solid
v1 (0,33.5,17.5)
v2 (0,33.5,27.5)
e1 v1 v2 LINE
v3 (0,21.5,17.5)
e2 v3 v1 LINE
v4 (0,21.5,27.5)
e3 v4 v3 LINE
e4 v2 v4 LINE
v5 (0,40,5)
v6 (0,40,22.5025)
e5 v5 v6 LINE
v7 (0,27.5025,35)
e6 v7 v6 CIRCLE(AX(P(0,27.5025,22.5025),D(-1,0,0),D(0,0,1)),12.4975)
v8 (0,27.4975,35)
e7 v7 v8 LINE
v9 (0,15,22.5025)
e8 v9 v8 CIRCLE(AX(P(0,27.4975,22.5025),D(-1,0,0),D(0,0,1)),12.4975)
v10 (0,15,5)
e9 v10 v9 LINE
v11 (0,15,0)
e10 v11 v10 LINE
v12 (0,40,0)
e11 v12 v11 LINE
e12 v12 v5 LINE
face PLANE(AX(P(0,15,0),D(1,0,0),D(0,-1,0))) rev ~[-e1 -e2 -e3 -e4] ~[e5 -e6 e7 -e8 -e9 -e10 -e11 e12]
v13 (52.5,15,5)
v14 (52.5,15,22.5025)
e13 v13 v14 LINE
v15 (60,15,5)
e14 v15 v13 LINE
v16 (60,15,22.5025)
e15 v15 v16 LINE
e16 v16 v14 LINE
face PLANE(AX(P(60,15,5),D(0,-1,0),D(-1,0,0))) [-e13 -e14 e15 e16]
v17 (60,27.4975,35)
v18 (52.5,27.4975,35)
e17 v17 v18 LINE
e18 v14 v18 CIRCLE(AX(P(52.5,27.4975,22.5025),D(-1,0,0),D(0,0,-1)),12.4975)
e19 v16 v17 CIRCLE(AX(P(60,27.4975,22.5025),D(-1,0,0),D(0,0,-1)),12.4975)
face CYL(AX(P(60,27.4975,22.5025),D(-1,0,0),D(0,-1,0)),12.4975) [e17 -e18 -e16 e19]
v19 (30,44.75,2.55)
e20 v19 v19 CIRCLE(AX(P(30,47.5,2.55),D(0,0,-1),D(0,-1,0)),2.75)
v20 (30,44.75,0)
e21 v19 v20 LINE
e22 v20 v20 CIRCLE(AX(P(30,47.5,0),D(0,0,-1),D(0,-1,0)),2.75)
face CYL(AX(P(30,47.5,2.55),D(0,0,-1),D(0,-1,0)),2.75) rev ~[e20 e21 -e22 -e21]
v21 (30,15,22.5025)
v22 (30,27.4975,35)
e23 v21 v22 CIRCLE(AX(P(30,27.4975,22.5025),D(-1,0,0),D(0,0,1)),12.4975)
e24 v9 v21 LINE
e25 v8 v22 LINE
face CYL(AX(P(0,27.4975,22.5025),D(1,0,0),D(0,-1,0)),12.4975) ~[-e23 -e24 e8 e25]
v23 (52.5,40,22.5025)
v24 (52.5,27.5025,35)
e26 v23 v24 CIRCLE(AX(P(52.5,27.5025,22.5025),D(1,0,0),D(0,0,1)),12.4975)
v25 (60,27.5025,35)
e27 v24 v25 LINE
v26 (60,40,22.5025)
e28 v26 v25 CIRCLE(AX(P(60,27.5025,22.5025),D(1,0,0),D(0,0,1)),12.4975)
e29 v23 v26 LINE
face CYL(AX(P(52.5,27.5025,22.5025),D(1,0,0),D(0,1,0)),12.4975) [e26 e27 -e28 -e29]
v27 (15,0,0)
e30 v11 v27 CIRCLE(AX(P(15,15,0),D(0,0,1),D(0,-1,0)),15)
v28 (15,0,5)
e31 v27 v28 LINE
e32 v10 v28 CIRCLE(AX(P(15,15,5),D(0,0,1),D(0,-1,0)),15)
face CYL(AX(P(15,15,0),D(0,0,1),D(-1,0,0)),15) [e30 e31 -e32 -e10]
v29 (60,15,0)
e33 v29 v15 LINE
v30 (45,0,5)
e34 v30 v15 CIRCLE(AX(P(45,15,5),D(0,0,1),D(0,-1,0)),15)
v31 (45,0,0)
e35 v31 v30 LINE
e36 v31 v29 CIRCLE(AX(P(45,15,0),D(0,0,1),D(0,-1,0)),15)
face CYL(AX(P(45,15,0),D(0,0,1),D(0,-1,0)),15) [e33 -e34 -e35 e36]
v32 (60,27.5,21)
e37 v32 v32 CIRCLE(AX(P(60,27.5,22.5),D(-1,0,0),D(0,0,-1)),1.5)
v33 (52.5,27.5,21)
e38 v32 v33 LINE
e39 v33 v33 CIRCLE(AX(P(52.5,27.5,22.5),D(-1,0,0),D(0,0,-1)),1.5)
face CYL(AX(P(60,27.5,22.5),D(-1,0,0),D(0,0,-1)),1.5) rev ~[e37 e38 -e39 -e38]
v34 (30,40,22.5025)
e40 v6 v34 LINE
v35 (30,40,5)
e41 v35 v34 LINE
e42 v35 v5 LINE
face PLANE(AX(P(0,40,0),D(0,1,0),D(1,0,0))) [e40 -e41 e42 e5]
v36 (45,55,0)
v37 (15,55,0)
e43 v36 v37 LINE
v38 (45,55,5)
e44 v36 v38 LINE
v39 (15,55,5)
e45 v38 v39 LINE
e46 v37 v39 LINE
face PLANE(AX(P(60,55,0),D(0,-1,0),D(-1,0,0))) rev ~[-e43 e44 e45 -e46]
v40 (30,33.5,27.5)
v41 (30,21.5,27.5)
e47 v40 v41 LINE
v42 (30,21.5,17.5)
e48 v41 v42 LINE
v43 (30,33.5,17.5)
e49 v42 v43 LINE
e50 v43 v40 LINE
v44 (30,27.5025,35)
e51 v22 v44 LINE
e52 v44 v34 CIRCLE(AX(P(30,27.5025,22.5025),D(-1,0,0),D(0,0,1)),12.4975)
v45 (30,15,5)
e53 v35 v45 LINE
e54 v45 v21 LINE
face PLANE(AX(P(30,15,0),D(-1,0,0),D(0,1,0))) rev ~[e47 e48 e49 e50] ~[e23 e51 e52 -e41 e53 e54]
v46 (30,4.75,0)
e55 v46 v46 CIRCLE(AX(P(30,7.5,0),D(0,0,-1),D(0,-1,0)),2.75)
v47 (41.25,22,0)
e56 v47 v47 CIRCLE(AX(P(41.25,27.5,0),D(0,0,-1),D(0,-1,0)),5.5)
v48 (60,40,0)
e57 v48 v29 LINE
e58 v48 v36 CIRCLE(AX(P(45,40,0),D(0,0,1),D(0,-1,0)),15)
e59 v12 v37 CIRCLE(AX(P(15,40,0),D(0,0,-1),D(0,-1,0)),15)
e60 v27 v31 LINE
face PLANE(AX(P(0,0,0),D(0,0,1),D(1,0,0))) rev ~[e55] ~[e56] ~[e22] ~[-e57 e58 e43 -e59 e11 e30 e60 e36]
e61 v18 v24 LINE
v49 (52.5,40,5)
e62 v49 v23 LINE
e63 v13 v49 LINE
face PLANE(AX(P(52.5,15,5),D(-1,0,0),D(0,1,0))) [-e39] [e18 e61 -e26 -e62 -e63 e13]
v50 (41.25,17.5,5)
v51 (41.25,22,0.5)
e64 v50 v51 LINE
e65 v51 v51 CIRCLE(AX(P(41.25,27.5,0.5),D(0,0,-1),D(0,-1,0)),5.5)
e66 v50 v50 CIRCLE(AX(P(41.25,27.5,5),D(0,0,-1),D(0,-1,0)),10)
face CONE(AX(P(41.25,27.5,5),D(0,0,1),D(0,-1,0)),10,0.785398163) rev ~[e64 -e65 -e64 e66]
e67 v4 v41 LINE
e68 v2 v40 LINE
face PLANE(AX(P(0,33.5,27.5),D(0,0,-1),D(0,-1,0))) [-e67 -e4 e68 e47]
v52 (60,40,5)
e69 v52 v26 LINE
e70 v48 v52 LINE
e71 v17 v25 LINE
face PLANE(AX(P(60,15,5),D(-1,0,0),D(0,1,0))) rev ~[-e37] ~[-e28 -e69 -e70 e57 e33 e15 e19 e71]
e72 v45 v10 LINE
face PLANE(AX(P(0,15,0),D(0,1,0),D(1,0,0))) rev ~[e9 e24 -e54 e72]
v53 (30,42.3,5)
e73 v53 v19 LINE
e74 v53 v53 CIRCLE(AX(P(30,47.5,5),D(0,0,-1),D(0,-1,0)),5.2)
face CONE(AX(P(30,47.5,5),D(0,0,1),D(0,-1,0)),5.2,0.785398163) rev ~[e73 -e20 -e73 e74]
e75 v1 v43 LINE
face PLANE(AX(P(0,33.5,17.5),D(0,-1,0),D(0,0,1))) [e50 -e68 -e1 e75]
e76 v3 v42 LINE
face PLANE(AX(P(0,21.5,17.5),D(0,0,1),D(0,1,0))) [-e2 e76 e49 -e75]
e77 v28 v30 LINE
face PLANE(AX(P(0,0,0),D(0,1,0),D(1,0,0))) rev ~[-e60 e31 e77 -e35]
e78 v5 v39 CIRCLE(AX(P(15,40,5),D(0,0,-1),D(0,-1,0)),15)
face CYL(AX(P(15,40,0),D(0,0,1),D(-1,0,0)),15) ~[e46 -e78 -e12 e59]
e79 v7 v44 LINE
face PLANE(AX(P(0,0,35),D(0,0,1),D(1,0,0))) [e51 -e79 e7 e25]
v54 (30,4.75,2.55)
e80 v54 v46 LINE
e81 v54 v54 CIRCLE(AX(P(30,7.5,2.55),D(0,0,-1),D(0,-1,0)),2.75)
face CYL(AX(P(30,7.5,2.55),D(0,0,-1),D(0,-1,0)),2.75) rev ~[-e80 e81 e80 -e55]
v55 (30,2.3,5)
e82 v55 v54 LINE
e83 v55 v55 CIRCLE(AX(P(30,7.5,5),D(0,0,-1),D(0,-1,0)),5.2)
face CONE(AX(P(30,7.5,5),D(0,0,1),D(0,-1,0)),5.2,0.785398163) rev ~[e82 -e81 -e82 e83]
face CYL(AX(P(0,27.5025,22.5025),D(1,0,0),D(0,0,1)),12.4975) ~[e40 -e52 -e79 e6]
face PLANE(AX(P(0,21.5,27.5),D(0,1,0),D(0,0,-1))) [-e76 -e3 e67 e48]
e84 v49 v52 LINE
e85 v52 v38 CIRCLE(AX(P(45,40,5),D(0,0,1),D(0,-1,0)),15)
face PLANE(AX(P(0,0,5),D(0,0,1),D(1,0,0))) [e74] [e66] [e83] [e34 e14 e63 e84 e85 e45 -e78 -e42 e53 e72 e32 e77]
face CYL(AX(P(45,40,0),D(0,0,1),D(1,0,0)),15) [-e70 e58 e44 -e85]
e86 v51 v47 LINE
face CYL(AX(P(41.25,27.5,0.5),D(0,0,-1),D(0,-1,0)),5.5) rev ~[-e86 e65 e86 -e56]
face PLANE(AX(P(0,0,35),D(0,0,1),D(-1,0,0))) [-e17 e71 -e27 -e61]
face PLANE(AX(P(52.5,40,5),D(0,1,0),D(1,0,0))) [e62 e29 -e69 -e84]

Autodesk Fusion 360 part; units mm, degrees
sketch "Skizze3" plane through (0, 0, 0) normal (0, 0, 1) x (1, 0, 0)
  line L0 (0, 0) -> (60, 0)
  line L1 (60, 0) -> (60, 55)
  line L2 (60, 55) -> (0, 55)
  line L3 (0, 55) -> (0, 0)
  line L4 (60, 55) -> (0, 55)
  line L5 (0, 55) -> (0, 0)
  line L6 (0, 0) -> (60, 0)
  line L7 (60, 0) -> (60, 55)
  line L8 (0, 15) -> (60, 15)
  line L9 (0, 40) -> (60, 40)
  line L10 (30, 40) -> (52.5, 40)
  line L11 (52.5, 40) -> (52.5, 15)
  line L12 (52.5, 15) -> (30, 15)
  line L13 (30, 15) -> (30, 40)
  point P0 (30, 7.5)
  point P1 (30, 47.5)
  dimension "d5" = 55
  dimension "d6" = 60
  dimension "d11" = 7.5
  dimension "d12" = 7.5
  dimension "d13" = 30
  dimension "d14" = 30
  dimension "d15" = 15
  dimension "d16" = 15
  dimension "d17" = 30
  dimension "d18" = 7.5
  dimension "d19" = 22.5
extrude "Extrusion2" add sketch "Skizze3" along normal blind 5
fillet "Abrundung2" radius 15 4 edges at (0, 55, 2.5) (0, 0, 2.5) (60, 0, 2.5) (60, 55, 2.5)
sketch "Skizze4" plane through (0, 0, 0) normal (0, 0, 1) x (1, 0, 0)
  line L0 (0, 15) -> (30, 15)
  line L1 (30, 15) -> (30, 40)
  line L2 (30, 40) -> (0, 40)
  line L3 (0, 40) -> (0, 15)
  point P0 (0, 15)
  point P1 (30, 40)
sketch "Skizze5" plane through (0, 0, 5) normal (0, 0, 1) x (-1, 0, 0)
  arc A0 (-60, -40) -> (-45, -55) centre (-45, -40) ccw
  line L0 (-45, -55) -> (-15, -55)
  arc A1 (-15, -55) -> (0, -40) centre (-15, -40) ccw
  line L1 (0, -40) -> (0, -15)
  arc A2 (0, -15) -> (-15, 0) centre (-15, -15) ccw
  line L2 (-15, 0) -> (-45, 0)
  arc A3 (-45, 0) -> (-60, -15) centre (-45, -15) ccw
  line L3 (-60, -15) -> (-60, -40)
  line L4 (-60, -15) -> (-52.5, -15)
  line L5 (-52.5, -15) -> (-52.5, -40)
  line L6 (-52.5, -40) -> (-60, -40)
  line L7 (-60, -40) -> (-60, -15)
  dimension "d20" = 7.5
  dimension "d21" = 25
extrude "Extrusion3" add sketch "Skizze5" along normal blind 30 contours L3 L4 L5 L6 L7
fillet "Abrundung3" radius 12.5 2 edges at (56.25, 15, 35) (56.25, 40, 35)
extrude "Extrusion4" add sketch "Skizze3" along normal blind 35 contours L3 L5 L8 L9 L13
fillet "Abrundung4" radius 12.5 2 edges at (15, 15, 35) (15, 40, 35)
sketch "Skizze6" plane through (0, 0, 5) normal (0, 0, 1) x (-1, 0, 0)
  line L0 (-30, -15) -> (0, -15)
  arc A0 (0, -15) -> (-15, 0) centre (-15, -15) ccw
  line L1 (-15, 0) -> (-45, 0)
  arc A1 (-45, 0) -> (-60, -15) centre (-45, -15) ccw
  line L2 (-60, -15) -> (-52.5, -15)
  line L3 (-52.5, -15) -> (-52.5, -40)
  line L4 (-52.5, -40) -> (-60, -40)
  arc A2 (-60, -40) -> (-45, -55) centre (-45, -40) ccw
  line L5 (-45, -55) -> (-15, -55)
  arc A3 (-15, -55) -> (0, -40) centre (-15, -40) ccw
  line L6 (0, -40) -> (-30, -40)
  line L7 (-30, -40) -> (-30, -15)
  point P0 (-30, -7.5)
  point P1 (-30, -47.5)
  point P2 (-41.25, -27.5)
  dimension "d48" = 27.5
  dimension "d49" = 27.5
  dimension "d50" = 11.25
  dimension "d51" = 11.25
hole "Bohrung1" at (30, 7.5, 5) at (30, 47.5, 5) direction (0, 0, -1) diameter 5.5 depth 33 tip angle 180 countersink diameter 10.4 countersink angle 90
sketch "Skizze7" plane through (60, 0, 0) normal (1, 0, 0) x (0, 1, 0)
  arc A0 (40, 22.5) -> (27.5, 35) centre (27.5, 22.5) ccw
  arc A1 (27.5, 35) -> (15, 22.5) centre (27.5, 22.5) ccw
  line L0 (15, 22.5) -> (15, 5)
  line L1 (15, 5) -> (15, 0)
  line L2 (15, 0) -> (40, 0)
  line L3 (40, 0) -> (40, 5)
  line L4 (40, 5) -> (40, 22.5)
  line L5 (0, 0) -> (55, 0)
  point P0 (27.5, 22.5)
  dimension "d35" = 12.5
  dimension "d36" = 22.5
hole "Bohrung2" at (60, 27.5, 22.5) direction (-1, 0, 0) diameter 3 depth 33 tip angle 180
sketch "Skizze8" plane through (0, 0, 0) normal (-1, 0, 0) x (0, -1, 0)
  arc A0 (-27.5, 35) -> (-40, 22.5) centre (-27.5, 22.5) ccw
  line L0 (-40, 22.5) -> (-40, 5)
  line L1 (-40, 5) -> (-40, 0)
  line L2 (-40, 0) -> (-15, 0)
  line L3 (-15, 0) -> (-15, 5)
  line L4 (-15, 5) -> (-15, 22.5)
  arc A1 (-15, 22.5) -> (-27.5, 35) centre (-27.5, 22.5) ccw
  line L5 (-33.5, 27.5) -> (-21.5, 27.5)
  line L6 (-21.5, 27.5) -> (-21.5, 17.5)
  line L7 (-21.5, 17.5) -> (-33.5, 17.5)
  line L8 (-33.5, 17.5) -> (-33.5, 27.5)
  line L9 (-55, 0) -> (0, 0)
  dimension "d40" = 12
  dimension "d41" = 10
  dimension "d42" = 6.5
  dimension "d43" = 6.5
  dimension "d44" = 17.5
  dimension "d45" = 7.5
extrude "Extrusion5" cut sketch "Skizze8" against normal blind 30 contours L5 L6 L7 L8
sketch "Skizze9" plane through (0, 0, 0) normal (0, 0, 1) x (1, 0, 0)
  point P0 (42.3928, 28.246)
  point P1 (43.9941, 27.6171)
hole "Bohrung3" at (41.25, 27.5, 5) direction (0, 0, -1) diameter 11 depth 10 tip angle 180 countersink diameter 20 countersink angle 90
extrude "Extrusion1" [suppressed]
fillet "Abrundung1" [suppressed]
